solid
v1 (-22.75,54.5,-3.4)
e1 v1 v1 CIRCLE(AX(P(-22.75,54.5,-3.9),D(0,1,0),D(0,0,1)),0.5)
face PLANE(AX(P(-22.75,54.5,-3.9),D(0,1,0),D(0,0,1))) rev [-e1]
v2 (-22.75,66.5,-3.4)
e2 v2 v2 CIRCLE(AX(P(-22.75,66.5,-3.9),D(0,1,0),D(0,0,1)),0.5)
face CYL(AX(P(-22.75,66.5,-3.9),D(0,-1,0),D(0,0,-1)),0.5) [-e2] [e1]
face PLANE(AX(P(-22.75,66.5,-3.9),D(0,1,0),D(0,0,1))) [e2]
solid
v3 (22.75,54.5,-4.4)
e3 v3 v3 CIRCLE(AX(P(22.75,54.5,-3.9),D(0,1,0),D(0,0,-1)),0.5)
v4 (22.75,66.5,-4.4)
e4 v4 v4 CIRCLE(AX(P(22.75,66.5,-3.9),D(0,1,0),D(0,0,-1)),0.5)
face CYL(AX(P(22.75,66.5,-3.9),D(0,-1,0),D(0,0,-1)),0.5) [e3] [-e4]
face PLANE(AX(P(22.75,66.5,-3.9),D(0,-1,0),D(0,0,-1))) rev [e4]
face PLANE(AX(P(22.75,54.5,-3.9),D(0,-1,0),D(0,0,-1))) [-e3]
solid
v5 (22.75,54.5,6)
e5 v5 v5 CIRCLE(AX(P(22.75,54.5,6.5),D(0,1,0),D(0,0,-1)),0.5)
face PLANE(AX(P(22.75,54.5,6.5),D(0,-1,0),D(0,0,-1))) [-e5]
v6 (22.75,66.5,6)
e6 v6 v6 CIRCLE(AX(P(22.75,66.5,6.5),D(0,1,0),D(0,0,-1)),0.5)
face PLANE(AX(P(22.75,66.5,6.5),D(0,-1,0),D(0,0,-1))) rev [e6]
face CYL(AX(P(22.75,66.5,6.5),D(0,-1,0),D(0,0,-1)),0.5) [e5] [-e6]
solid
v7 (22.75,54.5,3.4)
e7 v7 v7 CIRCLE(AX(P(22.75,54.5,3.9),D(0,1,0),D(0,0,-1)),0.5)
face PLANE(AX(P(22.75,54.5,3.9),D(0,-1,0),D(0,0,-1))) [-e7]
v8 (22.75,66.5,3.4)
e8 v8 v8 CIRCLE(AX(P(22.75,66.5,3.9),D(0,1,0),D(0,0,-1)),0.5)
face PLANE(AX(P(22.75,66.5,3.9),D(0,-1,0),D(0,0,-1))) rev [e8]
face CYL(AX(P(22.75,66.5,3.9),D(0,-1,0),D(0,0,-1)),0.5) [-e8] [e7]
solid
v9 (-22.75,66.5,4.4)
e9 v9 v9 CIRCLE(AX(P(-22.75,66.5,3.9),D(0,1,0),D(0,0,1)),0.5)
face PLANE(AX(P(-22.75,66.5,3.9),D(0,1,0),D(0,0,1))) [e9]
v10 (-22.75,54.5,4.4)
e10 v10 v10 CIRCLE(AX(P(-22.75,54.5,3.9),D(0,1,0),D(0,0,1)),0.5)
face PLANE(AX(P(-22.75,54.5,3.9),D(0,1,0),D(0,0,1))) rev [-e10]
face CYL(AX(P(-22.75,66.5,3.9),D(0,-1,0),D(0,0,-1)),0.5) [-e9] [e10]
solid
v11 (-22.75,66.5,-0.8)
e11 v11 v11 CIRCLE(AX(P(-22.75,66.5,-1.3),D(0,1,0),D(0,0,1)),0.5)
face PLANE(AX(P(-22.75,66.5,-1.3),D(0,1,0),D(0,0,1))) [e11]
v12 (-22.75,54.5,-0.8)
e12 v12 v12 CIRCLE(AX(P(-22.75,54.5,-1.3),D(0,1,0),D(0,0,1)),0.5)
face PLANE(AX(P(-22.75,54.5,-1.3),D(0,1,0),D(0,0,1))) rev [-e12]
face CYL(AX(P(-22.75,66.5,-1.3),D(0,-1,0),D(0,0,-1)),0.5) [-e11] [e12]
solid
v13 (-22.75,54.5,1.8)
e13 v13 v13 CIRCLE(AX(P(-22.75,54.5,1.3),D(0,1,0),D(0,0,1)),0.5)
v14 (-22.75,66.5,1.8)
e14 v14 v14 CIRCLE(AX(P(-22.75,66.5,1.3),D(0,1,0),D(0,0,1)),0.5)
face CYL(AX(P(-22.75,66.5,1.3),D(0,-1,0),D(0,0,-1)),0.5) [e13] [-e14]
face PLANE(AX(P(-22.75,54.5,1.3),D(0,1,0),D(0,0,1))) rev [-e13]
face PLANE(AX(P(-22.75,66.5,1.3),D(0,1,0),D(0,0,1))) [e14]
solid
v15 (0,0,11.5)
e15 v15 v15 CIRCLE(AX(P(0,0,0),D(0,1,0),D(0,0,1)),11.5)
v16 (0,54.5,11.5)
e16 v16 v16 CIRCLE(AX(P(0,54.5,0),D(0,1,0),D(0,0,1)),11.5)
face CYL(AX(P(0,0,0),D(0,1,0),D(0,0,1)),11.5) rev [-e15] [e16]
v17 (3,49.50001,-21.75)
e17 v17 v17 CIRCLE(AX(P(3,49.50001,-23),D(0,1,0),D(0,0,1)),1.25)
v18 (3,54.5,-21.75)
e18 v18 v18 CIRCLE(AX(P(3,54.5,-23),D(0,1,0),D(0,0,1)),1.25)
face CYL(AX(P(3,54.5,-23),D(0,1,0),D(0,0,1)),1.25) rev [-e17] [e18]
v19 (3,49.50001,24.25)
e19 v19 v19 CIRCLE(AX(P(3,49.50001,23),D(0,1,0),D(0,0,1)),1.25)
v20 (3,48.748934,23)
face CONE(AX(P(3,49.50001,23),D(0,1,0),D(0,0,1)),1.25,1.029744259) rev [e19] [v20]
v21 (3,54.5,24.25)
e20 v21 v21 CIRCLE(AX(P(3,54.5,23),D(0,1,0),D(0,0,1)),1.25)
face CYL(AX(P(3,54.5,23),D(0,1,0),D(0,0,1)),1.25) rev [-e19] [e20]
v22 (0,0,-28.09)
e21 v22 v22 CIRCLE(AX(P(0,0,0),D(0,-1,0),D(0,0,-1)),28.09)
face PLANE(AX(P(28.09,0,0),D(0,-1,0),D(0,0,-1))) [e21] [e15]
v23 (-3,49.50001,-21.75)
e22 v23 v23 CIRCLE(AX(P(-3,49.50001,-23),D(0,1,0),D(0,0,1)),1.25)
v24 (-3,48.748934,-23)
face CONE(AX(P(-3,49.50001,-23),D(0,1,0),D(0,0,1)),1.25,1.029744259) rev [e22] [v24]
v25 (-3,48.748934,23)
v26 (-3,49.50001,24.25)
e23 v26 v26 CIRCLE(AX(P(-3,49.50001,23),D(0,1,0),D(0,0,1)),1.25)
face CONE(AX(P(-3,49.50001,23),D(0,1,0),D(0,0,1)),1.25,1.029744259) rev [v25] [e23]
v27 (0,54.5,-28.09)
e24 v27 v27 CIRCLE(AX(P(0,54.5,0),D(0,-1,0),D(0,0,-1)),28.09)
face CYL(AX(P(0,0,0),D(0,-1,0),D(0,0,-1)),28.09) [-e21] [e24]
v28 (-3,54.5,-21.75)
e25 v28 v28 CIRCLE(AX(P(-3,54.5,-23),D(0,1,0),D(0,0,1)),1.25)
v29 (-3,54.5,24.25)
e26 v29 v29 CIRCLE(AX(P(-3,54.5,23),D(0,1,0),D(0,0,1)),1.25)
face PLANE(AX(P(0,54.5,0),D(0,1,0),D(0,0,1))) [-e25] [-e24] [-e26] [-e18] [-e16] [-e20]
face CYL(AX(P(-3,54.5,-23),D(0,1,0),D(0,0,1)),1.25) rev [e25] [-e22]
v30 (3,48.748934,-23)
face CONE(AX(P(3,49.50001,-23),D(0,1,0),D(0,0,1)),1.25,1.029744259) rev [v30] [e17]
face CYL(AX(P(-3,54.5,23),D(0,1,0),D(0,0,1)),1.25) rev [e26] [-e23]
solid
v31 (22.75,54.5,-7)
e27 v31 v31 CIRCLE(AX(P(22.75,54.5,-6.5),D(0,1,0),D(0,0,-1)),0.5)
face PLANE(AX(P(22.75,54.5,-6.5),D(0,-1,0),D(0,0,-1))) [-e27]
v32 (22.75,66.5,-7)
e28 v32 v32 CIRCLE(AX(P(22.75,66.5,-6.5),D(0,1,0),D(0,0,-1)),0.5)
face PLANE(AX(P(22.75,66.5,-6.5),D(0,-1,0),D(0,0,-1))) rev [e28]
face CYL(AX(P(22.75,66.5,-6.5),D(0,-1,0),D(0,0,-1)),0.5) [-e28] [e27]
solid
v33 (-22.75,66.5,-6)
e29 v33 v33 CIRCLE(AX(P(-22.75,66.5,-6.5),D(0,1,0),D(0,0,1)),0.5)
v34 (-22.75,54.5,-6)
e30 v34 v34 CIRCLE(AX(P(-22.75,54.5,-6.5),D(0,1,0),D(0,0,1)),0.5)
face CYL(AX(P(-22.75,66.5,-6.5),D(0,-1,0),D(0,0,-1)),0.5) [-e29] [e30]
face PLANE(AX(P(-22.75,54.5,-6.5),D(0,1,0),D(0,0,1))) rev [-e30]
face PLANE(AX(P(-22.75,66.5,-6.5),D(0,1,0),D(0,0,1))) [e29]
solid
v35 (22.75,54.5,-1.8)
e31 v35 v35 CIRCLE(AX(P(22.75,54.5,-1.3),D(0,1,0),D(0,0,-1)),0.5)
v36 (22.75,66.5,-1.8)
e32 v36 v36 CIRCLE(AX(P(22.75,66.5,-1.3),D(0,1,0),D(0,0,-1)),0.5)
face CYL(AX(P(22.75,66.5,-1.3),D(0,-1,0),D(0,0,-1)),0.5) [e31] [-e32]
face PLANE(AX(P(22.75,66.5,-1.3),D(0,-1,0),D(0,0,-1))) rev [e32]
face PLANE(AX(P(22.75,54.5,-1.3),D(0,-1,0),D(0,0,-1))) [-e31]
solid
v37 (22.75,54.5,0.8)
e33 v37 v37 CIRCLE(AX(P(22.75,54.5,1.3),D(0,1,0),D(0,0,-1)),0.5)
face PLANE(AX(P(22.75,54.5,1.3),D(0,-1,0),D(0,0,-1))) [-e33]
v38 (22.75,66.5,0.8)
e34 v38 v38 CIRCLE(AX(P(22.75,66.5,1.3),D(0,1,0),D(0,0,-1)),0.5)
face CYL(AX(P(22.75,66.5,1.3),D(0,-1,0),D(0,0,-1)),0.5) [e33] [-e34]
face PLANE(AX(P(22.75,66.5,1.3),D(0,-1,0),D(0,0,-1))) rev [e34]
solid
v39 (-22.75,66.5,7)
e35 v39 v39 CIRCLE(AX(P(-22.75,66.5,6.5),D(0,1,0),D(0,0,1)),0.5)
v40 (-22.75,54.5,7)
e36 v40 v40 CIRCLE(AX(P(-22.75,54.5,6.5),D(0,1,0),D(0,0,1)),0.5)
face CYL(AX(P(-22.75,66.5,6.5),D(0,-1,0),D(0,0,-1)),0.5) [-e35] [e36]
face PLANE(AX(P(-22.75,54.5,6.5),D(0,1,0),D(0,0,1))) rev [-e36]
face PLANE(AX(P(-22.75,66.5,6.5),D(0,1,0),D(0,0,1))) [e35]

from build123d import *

# Parameters (mm, degrees)
SKETCH1_W                 = 28.09
SKETCH1_H                 = 54.5
M3X0_5_TAPPED_HOLE1_D     = 2.5
M3X0_5_TAPPED_HOLE1_DEPTH = 4.99999
M3X0_5_TAPPED_HOLE1_TIP   = 0.751075774
SKETCH6_R                 = 0.5
BOSS_EXTRUDE1_DEPTH       = 12
BOSS_EXTRUDE1_2_DEPTH     = 12
BOSS_EXTRUDE1_3_DEPTH     = 12
BOSS_EXTRUDE1_4_DEPTH     = 12
BOSS_EXTRUDE1_5_DEPTH     = 12
BOSS_EXTRUDE1_6_DEPTH     = 12
BOSS_EXTRUDE1_7_DEPTH     = 12
BOSS_EXTRUDE1_8_DEPTH     = 12
BOSS_EXTRUDE1_9_DEPTH     = 12
BOSS_EXTRUDE1_10_DEPTH    = 12
BOSS_EXTRUDE1_11_DEPTH    = 12
BOSS_EXTRUDE1_12_DEPTH    = 12
SKETCH8_R                 = 11.5
CUT_EXTRUDE1_DEPTH        = 68.441427921


with BuildPart() as part:
    # Sketch1 → Revolve1 (revolve)
    with BuildSketch(Plane.XY, mode=Mode.PRIVATE) as revolve1_sk:
        with Locations((14.045, 27.25)):
            Rectangle(SKETCH1_W, SKETCH1_H)
    revolve(revolve1_sk.sketch.rotate(Axis((0, 0, 0), (0, 1, 0)), 90), axis=Axis((0, 0, 0), (0, 1, 0)))

    # Sketch3 → 1/4 NPT Tapped Hole1 (revolve, cut)
    with BuildSketch(Plane(origin=(0, 54.5, 0), x_dir=(0, 0, 1), z_dir=(1, 0, 0))):
        Polygon((0, 0), (0, 54.5), (5.5626, 54.5), (5.5626, 10.0203), (6.557978799, 10.0203), (6.858, 0), align=None)
    revolve(axis=Axis((0, 60.85, 0), (0, -1, 0)), mode=Mode.SUBTRACT)

    # M3x0.5 Tapped Hole1
    with Locations(Plane(origin=(0, 54.5, 0), x_dir=(1, 0, 0), z_dir=(0, 1, 0))):
        with Locations((-3, 23), (3, -23), (-3, -23), (3, 23)):
            Hole(M3X0_5_TAPPED_HOLE1_D / 2, depth=M3X0_5_TAPPED_HOLE1_DEPTH)
            with Locations((0, 0, -(M3X0_5_TAPPED_HOLE1_DEPTH + M3X0_5_TAPPED_HOLE1_TIP / 2))):  # 118° drill point
                Cone(0, M3X0_5_TAPPED_HOLE1_D / 2, M3X0_5_TAPPED_HOLE1_TIP, mode=Mode.SUBTRACT)

    # Sketch8 → Cut-Extrude1 (cut, through all)
    with BuildSketch(Plane(origin=(0, 54.5, 0), x_dir=(1, 0, 0), z_dir=(0, 1, 0))):
        with Locations(Location((0, 0, 0), (0, 0, 270))):
            Circle(SKETCH8_R)
    extrude(amount=-CUT_EXTRUDE1_DEPTH, mode=Mode.SUBTRACT)


with BuildPart() as body_2:
    # Sketch6 → Boss-Extrude1 (new body)
    with BuildSketch(Plane(origin=(0, 54.5, 0), x_dir=(1, 0, 0), z_dir=(0, 1, 0))):
        with Locations(Location((-22.75, 6.5, 0), (0, 0, 270))):
            Circle(SKETCH6_R)
    extrude(amount=BOSS_EXTRUDE1_DEPTH)


with BuildPart() as body_3:
    # Sketch6 → Boss-Extrude1 2 (new body)
    with BuildSketch(Plane(origin=(0, 54.5, 0), x_dir=(1, 0, 0), z_dir=(0, 1, 0))):
        with Locations(Location((-22.75, 3.9, 0), (0, 0, 270))):
            Circle(SKETCH6_R)
    extrude(amount=BOSS_EXTRUDE1_2_DEPTH)


with BuildPart() as body_4:
    # Sketch6 → Boss-Extrude1 3 (new body)
    with BuildSketch(Plane(origin=(0, 54.5, 0), x_dir=(1, 0, 0), z_dir=(0, 1, 0))):
        with Locations(Location((-22.75, 1.3, 0), (0, 0, 270))):
            Circle(SKETCH6_R)
    extrude(amount=BOSS_EXTRUDE1_3_DEPTH)


with BuildPart() as body_5:
    # Sketch6 → Boss-Extrude1 4 (new body)
    with BuildSketch(Plane(origin=(0, 54.5, 0), x_dir=(1, 0, 0), z_dir=(0, 1, 0))):
        with Locations(Location((-22.75, -1.3, 0), (0, 0, 270))):
            Circle(SKETCH6_R)
    extrude(amount=BOSS_EXTRUDE1_4_DEPTH)


with BuildPart() as body_6:
    # Sketch6 → Boss-Extrude1 5 (new body)
    with BuildSketch(Plane(origin=(0, 54.5, 0), x_dir=(1, 0, 0), z_dir=(0, 1, 0))):
        with Locations(Location((-22.75, -3.9, 0), (0, 0, 270))):
            Circle(SKETCH6_R)
    extrude(amount=BOSS_EXTRUDE1_5_DEPTH)


with BuildPart() as body_7:
    # Sketch6 → Boss-Extrude1 6 (new body)
    with BuildSketch(Plane(origin=(0, 54.5, 0), x_dir=(1, 0, 0), z_dir=(0, 1, 0))):
        with Locations(Location((-22.75, -6.5, 0), (0, 0, 270))):
            Circle(SKETCH6_R)
    extrude(amount=BOSS_EXTRUDE1_6_DEPTH)


with BuildPart() as body_8:
    # Sketch6 → Boss-Extrude1 7 (new body)
    with BuildSketch(Plane(origin=(0, 54.5, 0), x_dir=(1, 0, 0), z_dir=(0, 1, 0))):
        with Locations(Location((22.75, -6.5, 0), (0, 0, 90))):
            Circle(SKETCH6_R)
    extrude(amount=BOSS_EXTRUDE1_7_DEPTH)


with BuildPart() as body_9:
    # Sketch6 → Boss-Extrude1 8 (new body)
    with BuildSketch(Plane(origin=(0, 54.5, 0), x_dir=(1, 0, 0), z_dir=(0, 1, 0))):
        with Locations(Location((22.75, -3.9, 0), (0, 0, 90))):
            Circle(SKETCH6_R)
    extrude(amount=BOSS_EXTRUDE1_8_DEPTH)


with BuildPart() as body_10:
    # Sketch6 → Boss-Extrude1 9 (new body)
    with BuildSketch(Plane(origin=(0, 54.5, 0), x_dir=(1, 0, 0), z_dir=(0, 1, 0))):
        with Locations(Location((22.75, -1.3, 0), (0, 0, 90))):
            Circle(SKETCH6_R)
    extrude(amount=BOSS_EXTRUDE1_9_DEPTH)


with BuildPart() as body_11:
    # Sketch6 → Boss-Extrude1 10 (new body)
    with BuildSketch(Plane(origin=(0, 54.5, 0), x_dir=(1, 0, 0), z_dir=(0, 1, 0))):
        with Locations(Location((22.75, 1.3, 0), (0, 0, 90))):
            Circle(SKETCH6_R)
    extrude(amount=BOSS_EXTRUDE1_10_DEPTH)


with BuildPart() as body_12:
    # Sketch6 → Boss-Extrude1 11 (new body)
    with BuildSketch(Plane(origin=(0, 54.5, 0), x_dir=(1, 0, 0), z_dir=(0, 1, 0))):
        with Locations(Location((22.75, 3.9, 0), (0, 0, 90))):
            Circle(SKETCH6_R)
    extrude(amount=BOSS_EXTRUDE1_11_DEPTH)


with BuildPart() as body_13:
    # Sketch6 → Boss-Extrude1 12 (new body)
    with BuildSketch(Plane(origin=(0, 54.5, 0), x_dir=(1, 0, 0), z_dir=(0, 1, 0))):
        with Locations(Location((22.75, 6.5, 0), (0, 0, 90))):
            Circle(SKETCH6_R)
    extrude(amount=BOSS_EXTRUDE1_12_DEPTH)


solid = Compound([part.part, body_2.part, body_3.part, body_4.part, body_5.part, body_6.part, body_7.part, body_8.part, body_9.part, body_10.part, body_11.part, body_12.part, body_13.part])
